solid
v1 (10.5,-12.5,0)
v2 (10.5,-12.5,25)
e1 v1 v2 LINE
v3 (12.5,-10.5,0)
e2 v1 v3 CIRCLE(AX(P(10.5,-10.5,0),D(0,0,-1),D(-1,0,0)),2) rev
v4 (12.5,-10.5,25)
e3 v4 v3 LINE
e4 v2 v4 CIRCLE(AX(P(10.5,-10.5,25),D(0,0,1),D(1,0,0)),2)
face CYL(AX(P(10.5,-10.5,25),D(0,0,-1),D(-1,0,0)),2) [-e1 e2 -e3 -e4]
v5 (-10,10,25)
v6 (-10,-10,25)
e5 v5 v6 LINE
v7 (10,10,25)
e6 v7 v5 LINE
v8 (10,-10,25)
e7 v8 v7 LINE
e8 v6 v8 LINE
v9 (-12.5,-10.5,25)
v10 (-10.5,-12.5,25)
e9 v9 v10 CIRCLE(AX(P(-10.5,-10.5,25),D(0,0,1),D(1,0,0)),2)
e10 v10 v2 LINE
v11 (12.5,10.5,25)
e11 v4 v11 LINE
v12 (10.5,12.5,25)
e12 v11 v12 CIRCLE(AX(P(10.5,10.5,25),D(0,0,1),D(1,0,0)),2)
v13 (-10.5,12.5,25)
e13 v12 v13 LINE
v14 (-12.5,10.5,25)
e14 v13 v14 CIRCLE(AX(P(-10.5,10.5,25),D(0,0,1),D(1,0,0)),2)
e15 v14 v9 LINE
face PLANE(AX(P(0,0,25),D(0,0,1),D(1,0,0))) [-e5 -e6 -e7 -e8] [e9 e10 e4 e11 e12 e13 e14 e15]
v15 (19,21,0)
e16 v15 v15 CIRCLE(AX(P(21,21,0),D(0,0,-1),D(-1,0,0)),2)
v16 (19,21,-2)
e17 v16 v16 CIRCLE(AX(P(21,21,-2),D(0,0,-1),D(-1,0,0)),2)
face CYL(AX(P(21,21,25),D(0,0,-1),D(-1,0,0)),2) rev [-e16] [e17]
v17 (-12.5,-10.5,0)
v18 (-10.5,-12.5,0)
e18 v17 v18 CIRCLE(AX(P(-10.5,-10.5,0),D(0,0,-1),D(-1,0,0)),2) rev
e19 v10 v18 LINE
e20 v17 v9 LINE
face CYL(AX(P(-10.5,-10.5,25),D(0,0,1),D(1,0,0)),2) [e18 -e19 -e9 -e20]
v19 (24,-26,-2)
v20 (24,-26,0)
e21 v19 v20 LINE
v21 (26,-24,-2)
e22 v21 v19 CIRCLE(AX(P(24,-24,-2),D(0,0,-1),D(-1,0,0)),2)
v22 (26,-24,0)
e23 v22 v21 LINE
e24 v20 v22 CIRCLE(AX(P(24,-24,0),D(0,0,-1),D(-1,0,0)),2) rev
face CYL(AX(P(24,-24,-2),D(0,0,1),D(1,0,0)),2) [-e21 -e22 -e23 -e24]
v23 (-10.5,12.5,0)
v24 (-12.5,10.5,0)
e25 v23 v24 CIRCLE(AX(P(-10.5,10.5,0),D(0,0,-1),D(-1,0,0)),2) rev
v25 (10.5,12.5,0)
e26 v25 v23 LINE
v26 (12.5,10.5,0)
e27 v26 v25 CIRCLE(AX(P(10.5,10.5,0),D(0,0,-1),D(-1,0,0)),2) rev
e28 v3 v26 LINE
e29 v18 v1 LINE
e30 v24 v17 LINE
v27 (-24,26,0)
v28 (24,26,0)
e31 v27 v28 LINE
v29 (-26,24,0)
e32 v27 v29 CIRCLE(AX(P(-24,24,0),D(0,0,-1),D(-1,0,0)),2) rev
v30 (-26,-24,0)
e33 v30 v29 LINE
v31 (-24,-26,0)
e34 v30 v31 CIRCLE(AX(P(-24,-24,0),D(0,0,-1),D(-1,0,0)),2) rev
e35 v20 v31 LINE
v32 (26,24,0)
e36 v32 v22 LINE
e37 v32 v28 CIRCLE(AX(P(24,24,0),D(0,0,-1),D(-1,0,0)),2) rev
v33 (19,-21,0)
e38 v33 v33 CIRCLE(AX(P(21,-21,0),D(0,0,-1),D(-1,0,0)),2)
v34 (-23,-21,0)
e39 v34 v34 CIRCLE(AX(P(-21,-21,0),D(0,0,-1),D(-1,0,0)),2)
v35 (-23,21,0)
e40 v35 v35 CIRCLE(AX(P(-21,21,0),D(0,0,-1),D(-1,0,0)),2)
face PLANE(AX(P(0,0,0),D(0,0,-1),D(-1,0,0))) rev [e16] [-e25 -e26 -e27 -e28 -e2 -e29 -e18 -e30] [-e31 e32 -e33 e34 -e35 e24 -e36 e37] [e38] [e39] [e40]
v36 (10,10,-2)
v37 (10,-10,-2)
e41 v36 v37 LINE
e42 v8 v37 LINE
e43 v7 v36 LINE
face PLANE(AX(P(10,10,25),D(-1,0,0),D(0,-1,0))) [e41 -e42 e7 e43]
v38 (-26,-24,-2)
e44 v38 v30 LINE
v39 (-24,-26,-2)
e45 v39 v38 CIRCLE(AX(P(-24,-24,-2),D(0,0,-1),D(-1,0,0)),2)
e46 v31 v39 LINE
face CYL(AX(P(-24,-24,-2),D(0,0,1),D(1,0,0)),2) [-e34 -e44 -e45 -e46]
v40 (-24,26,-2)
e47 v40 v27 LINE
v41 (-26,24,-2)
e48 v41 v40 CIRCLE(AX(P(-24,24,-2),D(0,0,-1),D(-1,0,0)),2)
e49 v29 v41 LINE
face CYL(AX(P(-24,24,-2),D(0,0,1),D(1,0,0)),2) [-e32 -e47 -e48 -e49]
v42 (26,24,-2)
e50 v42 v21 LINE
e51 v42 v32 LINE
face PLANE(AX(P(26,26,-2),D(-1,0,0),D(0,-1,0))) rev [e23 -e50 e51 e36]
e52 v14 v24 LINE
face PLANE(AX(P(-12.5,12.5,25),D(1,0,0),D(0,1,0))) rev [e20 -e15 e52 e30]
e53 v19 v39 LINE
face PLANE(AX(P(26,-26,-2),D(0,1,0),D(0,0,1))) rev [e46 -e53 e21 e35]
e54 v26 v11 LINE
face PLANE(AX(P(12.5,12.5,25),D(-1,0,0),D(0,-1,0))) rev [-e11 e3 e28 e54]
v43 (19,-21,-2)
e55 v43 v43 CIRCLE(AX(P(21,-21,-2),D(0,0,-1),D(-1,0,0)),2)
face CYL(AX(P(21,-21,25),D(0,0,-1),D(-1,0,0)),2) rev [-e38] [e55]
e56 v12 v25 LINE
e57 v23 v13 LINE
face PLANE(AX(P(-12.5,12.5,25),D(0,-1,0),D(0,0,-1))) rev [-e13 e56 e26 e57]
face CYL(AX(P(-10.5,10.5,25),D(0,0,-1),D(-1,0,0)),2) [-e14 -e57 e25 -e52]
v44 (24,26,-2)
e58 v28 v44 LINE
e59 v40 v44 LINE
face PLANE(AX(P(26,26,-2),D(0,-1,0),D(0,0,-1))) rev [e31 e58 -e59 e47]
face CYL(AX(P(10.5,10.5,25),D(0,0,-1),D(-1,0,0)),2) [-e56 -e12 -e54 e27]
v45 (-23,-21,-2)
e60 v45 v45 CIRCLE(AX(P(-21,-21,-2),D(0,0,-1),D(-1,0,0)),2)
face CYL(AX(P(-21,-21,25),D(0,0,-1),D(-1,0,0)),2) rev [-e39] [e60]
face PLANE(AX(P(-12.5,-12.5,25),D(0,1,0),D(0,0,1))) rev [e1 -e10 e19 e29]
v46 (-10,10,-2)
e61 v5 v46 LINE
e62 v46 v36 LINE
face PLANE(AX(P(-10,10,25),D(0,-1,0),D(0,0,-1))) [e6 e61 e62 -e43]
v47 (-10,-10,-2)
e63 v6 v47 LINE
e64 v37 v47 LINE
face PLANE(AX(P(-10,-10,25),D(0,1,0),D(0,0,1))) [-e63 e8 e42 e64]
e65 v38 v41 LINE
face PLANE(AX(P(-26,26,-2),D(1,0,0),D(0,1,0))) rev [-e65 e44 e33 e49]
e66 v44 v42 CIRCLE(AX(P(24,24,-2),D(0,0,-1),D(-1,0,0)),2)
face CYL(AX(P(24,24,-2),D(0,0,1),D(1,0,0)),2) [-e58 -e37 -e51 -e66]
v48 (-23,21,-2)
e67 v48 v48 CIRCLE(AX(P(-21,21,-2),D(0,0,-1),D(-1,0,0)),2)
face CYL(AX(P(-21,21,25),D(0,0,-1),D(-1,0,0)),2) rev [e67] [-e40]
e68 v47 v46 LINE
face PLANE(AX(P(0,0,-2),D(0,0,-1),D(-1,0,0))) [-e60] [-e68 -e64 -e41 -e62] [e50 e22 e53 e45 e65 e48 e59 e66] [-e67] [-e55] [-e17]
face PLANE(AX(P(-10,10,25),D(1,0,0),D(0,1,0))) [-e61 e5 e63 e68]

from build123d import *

# Parameters (mm, degrees)
SKETCH_1_W          = 25
SKETCH_1_H          = 25
SKETCH_1_W_2        = 20
SKETCH_1_H_2        = 20
EXTRUDE_1_DEPTH     = 25
SKETCH_3_W          = 52
SKETCH_3_H          = 52
EXTRUDE_2_DEPTH     = 2
SKETCH_4_W          = 20
SKETCH_4_H          = 20
CUT_EXTRUDE_1_DEPTH = 28
FILLET_1_R          = 2
FILLET_2_R          = 2
FILLET_3_R          = 2
FILLET_4_R          = 2
FILLET_5_R          = 2
FILLET_6_R          = 2
FILLET_7_R          = 2
FILLET_8_R          = 2
SKETCH_5_R          = 2
CUT_EXTRUDE_2_DEPTH = 28


with BuildPart() as part:
    # 草图1 → 凸台-拉伸1 (new body)
    with BuildSketch(Plane.XY):
        Rectangle(SKETCH_1_W, SKETCH_1_H)
        Rectangle(SKETCH_1_W_2, SKETCH_1_H_2, mode=Mode.SUBTRACT)
    extrude(amount=EXTRUDE_1_DEPTH)

    # 草图3 → 凸台-拉伸2 (add)
    with BuildSketch(Plane(origin=(0, 0, 0), x_dir=(-1, 0, 0), z_dir=(0, 0, -1))):
        Rectangle(SKETCH_3_W, SKETCH_3_H)
    extrude(amount=EXTRUDE_2_DEPTH)

    # 草图4 → 切除-拉伸1 (cut, through all)
    with BuildSketch(Plane(origin=(0, 0, -2), x_dir=(-1, 0, 0), z_dir=(0, 0, -1))):
        Rectangle(SKETCH_4_W, SKETCH_4_H)
    extrude(amount=-CUT_EXTRUDE_1_DEPTH, mode=Mode.SUBTRACT)

    # 圆角1
    fillet_1_edges = [part.edges().sort_by_distance(p)[0] for p in [
        (-26, 26, -1),
    ]]
    fillet(fillet_1_edges, radius=FILLET_1_R)

    # 圆角2
    fillet_2_edges = [part.edges().sort_by_distance(p)[0] for p in [
        (-26, -26, -1),
    ]]
    fillet(fillet_2_edges, radius=FILLET_2_R)

    # 圆角3
    fillet_3_edges = [part.edges().sort_by_distance(p)[0] for p in [
        (26, -26, -1),
    ]]
    fillet(fillet_3_edges, radius=FILLET_3_R)

    # 圆角4
    fillet_4_edges = [part.edges().sort_by_distance(p)[0] for p in [
        (26, 26, -1),
    ]]
    fillet(fillet_4_edges, radius=FILLET_4_R)

    # 圆角5
    fillet_5_edges = [part.edges().sort_by_distance(p)[0] for p in [
        (-12.5, -12.5, 12.5),
    ]]
    fillet(fillet_5_edges, radius=FILLET_5_R)

    # 圆角6
    fillet_6_edges = [part.edges().sort_by_distance(p)[0] for p in [
        (-12.5, 12.5, 12.5),
    ]]
    fillet(fillet_6_edges, radius=FILLET_6_R)

    # 圆角7
    fillet_7_edges = [part.edges().sort_by_distance(p)[0] for p in [
        (12.5, 12.5, 12.5),
    ]]
    fillet(fillet_7_edges, radius=FILLET_7_R)

    # 圆角8
    fillet_8_edges = [part.edges().sort_by_distance(p)[0] for p in [
        (12.5, -12.5, 12.5),
    ]]
    fillet(fillet_8_edges, radius=FILLET_8_R)

    # 草图5 → 切除-拉伸2 (cut, through all)
    with BuildSketch(Plane(origin=(0, 0, -2), x_dir=(-1, 0, 0), z_dir=(0, 0, -1))):
        with Locations((-21, 21)):
            Circle(SKETCH_5_R)
        with Locations((21, 21)):
            Circle(SKETCH_5_R)
        with Locations((-21, -21)):
            Circle(SKETCH_5_R)
        with Locations((21, -21)):
            Circle(SKETCH_5_R)
    extrude(amount=-CUT_EXTRUDE_2_DEPTH, mode=Mode.SUBTRACT)


solid = part.part
